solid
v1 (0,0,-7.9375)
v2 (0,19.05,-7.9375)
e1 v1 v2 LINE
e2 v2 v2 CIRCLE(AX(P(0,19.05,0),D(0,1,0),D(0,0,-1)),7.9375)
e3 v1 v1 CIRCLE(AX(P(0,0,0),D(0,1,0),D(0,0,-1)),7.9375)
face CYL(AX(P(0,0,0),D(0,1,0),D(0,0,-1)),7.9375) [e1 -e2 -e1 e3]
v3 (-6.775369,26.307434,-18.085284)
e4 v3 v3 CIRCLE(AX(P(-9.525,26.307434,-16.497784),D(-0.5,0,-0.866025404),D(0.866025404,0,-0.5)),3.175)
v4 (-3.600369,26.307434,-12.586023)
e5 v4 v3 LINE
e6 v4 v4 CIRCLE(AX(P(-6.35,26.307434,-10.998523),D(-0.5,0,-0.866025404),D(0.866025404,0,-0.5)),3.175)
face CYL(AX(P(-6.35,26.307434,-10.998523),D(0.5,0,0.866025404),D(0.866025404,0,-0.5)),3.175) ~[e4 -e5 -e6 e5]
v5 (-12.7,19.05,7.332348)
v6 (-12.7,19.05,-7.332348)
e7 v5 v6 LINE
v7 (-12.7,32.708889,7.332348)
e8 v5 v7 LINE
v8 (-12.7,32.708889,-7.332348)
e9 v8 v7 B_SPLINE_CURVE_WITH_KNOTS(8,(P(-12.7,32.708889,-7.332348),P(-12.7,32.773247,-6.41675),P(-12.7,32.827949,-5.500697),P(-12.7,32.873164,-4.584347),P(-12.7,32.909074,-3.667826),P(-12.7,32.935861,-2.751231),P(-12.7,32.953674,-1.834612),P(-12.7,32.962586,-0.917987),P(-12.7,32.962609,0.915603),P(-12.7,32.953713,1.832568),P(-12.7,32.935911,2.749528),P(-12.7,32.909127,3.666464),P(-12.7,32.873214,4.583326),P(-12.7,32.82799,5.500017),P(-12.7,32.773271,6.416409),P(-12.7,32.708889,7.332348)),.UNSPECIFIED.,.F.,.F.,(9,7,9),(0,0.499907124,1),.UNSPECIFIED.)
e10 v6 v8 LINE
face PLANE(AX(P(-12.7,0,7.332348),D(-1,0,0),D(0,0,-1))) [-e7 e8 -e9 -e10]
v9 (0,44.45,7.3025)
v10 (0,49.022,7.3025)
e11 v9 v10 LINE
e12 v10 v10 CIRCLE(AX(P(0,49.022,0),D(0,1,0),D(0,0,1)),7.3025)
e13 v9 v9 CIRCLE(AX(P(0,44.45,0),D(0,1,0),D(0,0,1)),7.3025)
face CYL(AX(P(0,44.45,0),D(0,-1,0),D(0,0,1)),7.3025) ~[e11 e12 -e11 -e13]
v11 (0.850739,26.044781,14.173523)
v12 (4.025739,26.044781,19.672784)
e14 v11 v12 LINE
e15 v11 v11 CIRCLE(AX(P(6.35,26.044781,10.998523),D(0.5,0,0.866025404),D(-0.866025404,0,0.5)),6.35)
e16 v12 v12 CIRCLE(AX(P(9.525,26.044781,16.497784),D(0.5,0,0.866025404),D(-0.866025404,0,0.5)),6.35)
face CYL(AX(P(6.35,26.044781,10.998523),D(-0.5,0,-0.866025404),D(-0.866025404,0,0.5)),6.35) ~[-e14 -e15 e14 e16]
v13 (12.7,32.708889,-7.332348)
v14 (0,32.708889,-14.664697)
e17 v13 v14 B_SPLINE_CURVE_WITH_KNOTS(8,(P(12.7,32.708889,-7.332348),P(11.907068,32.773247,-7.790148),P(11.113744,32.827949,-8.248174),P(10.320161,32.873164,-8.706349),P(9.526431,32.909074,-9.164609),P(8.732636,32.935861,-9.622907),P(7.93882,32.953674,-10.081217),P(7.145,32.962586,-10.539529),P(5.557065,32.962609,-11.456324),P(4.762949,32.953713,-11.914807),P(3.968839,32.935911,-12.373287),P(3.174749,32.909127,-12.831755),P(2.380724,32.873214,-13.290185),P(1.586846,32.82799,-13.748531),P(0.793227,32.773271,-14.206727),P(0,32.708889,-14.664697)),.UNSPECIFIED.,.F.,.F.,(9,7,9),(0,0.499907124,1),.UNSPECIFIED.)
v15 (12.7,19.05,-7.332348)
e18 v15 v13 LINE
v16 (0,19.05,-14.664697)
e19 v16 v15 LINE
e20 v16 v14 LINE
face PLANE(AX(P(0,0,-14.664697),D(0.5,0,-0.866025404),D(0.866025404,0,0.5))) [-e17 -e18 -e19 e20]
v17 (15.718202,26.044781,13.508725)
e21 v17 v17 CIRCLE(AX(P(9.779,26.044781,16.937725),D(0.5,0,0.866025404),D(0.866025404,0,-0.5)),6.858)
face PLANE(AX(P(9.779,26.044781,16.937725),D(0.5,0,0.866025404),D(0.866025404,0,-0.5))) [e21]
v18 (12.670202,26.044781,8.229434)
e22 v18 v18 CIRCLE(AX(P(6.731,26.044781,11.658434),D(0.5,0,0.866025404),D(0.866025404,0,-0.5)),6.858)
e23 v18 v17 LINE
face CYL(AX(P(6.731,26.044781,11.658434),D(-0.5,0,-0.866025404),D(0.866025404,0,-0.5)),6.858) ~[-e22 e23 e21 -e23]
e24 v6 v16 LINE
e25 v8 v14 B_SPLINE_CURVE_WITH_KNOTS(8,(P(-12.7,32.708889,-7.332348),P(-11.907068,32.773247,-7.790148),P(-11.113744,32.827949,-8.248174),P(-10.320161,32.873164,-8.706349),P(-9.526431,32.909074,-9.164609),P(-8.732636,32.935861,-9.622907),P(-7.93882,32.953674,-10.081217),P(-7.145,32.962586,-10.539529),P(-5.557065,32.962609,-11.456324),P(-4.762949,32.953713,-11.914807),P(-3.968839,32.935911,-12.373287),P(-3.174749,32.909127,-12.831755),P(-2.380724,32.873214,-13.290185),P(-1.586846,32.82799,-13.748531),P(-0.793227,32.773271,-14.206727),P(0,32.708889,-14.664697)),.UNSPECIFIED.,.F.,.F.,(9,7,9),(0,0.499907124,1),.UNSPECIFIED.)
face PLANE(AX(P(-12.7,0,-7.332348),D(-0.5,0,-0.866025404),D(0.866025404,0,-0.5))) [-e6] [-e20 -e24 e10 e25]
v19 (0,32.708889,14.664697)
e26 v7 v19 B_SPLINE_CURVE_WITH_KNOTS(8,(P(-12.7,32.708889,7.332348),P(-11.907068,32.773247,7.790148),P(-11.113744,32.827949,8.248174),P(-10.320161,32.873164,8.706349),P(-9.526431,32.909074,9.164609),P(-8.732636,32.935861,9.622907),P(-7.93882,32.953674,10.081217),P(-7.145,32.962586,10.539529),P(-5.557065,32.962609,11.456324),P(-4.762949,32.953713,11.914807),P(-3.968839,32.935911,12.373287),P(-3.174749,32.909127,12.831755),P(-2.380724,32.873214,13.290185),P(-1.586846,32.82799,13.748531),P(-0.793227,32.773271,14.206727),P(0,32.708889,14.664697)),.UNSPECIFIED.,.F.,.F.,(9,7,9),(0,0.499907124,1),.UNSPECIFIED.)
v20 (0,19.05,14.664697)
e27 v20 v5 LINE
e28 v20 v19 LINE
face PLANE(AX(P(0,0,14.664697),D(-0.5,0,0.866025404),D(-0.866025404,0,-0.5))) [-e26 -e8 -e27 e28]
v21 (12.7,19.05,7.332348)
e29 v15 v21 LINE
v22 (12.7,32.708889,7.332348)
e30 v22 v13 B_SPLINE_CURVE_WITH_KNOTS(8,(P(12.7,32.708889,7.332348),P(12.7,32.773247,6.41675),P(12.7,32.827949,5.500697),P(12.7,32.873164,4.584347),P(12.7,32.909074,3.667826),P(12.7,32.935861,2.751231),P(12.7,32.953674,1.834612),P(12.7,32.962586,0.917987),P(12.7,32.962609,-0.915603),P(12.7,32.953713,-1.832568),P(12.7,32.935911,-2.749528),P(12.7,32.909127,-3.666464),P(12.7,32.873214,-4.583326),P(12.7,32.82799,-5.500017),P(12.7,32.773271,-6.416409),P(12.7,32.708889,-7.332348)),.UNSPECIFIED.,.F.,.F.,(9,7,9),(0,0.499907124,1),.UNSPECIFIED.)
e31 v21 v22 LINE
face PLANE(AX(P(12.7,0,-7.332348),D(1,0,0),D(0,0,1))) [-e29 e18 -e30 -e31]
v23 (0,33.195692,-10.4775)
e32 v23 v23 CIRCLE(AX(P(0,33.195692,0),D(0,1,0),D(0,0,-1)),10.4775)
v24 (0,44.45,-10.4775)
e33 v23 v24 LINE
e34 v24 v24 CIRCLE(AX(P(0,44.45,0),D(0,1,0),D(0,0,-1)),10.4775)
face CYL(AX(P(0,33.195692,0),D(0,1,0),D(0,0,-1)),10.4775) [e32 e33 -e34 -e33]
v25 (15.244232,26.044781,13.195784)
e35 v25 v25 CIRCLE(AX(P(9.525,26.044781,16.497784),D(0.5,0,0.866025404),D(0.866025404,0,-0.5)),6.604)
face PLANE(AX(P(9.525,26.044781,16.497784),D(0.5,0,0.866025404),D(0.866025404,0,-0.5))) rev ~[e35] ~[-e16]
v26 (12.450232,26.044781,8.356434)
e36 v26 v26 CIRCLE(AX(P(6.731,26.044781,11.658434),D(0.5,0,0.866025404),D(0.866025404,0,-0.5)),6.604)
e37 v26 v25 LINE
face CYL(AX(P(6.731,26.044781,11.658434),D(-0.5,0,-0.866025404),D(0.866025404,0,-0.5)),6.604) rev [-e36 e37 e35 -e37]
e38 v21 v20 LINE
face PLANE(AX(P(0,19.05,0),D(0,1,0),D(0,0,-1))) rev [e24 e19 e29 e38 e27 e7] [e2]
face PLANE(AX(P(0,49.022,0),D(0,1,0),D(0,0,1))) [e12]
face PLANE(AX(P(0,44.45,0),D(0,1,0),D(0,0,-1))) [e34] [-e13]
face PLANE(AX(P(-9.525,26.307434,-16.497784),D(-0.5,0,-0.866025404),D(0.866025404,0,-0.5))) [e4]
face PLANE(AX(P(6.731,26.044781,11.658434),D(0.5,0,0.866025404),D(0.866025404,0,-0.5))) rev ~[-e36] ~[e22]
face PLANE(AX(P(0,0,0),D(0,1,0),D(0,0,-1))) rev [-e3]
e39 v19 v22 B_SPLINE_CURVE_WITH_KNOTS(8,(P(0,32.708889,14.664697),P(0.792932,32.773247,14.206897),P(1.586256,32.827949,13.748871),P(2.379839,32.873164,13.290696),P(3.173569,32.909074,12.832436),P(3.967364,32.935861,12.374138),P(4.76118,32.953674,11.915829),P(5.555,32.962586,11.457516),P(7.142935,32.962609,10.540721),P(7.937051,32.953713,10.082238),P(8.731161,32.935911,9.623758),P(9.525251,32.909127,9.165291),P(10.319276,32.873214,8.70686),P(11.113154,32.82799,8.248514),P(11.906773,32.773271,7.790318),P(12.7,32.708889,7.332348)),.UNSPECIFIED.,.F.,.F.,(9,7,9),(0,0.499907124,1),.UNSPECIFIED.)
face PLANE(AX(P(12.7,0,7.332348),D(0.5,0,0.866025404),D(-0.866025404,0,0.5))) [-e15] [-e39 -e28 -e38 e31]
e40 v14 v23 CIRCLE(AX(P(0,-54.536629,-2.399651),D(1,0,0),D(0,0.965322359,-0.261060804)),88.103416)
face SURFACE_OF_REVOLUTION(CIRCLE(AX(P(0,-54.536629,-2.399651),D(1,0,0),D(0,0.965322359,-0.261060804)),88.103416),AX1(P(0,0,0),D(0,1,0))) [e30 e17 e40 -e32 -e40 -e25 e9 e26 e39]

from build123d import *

# Parameters (mm, degrees)
SKETCH2_R                = 31.284897101
CUT_EXTRUDE2_DEPTH       = 58.150000089
SKETCH3_R                = 3.175
BOSS_EXTRUDE1_DEPTH      = 6.35
SKETCH4_R                = 6.35
BOSS_EXTRUDE3_DEPTH      = 6.35
BOSS_EXTRUDE4_DEPTH      = 0.508
BOSS_EXTRUDE4_DEPTH_BACK = 5.588
SKETCH5_R                = 6.858
SKETCH5_R_2              = 6.604
SKETCH5_3_R              = 6.604
BOSS_EXTRUDE5_DEPTH      = 0.508
SKETCH6_R                = 7.3025
BOSS_EXTRUDE6_DEPTH      = 4.572


with BuildPart() as part:
    # Sketch1 → Revolve1 (revolve)
    with BuildSketch(Plane(origin=(0, 0, 0), x_dir=(0, 0, -1), z_dir=(1, 0, 0))):
        with BuildLine():
            Line((10.4775, 33.195692203), (10.4775, 44.45))
            Line((10.4775, 44.45), (0, 44.45))
            Line((0, 44.45), (0, 0))
            Line((0, 0), (7.9375, 0))
            Line((7.9375, 0), (7.9375, 19.05))
            Line((7.9375, 19.05), (25.4, 19.05))
            Line((25.4, 19.05), (25.4, 30.511567858))
            ThreePointArc((25.4, 30.511567858), (17.996597132, 32.175233549), (10.4775, 33.195692203))
        make_face()
    revolve(axis=Axis((0, 0, 0), (0, 1, 0)))

    # Sketch2 → Cut-Extrude2 (cut, through all)
    with BuildSketch(Plane(origin=(0, 0, 0), x_dir=(1, 0, 0), z_dir=(0, 1, 0))):
        Circle(SKETCH2_R)
        Polygon((-12.7, 7.332348419), (0, 14.664696837), (12.7, 7.332348419), (12.7, -7.332348419), (0, -14.664696837), (-12.7, -7.332348419), align=None, mode=Mode.SUBTRACT)
    extrude(amount=CUT_EXTRUDE2_DEPTH, mode=Mode.SUBTRACT)

    # Sketch3 → Boss-Extrude1 (add)
    with BuildSketch(Plane(origin=(-6.35, 0, -10.998522628), x_dir=(-0.8660254037844386, 0, 0.5000000000000002), z_dir=(-0.5000000000000001, 0, -0.8660254037844385))):
        with Locations((0, 26.307433584)):
            Circle(SKETCH3_R)
    extrude(amount=BOSS_EXTRUDE1_DEPTH)

    # Sketch4 → Boss-Extrude3 (add)
    with BuildSketch(Plane(origin=(6.35, 0, 10.998522628), x_dir=(0.8660254037844406, 0, -0.49999999999999684), z_dir=(0.49999999999999684, 0, 0.8660254037844406))):
        with Locations((0, 26.044781418)):
            Circle(SKETCH4_R)
    extrude(amount=BOSS_EXTRUDE3_DEPTH)



with BuildPart() as body_2:
    # Sketch5 → Boss-Extrude4 (new, two sides: drawn at the far end of the back side and taken through both)
    with BuildSketch(Plane(origin=(9.525, 0, 16.497783942), x_dir=(0.8660254037844405, 0, -0.49999999999999695), z_dir=(0.4999999999999969, 0, 0.8660254037844404)).offset(-BOSS_EXTRUDE4_DEPTH_BACK)):
        with Locations((0, 26.044781418)):
            Circle(SKETCH5_R)
        with Locations((0, 26.044781418)):
            Circle(SKETCH5_R_2, mode=Mode.SUBTRACT)
    extrude(amount=BOSS_EXTRUDE4_DEPTH + BOSS_EXTRUDE4_DEPTH_BACK)


with BuildPart() as part_1:
    add(part.part)

    add(body_2.part)  # Boss-Extrude5 merges body 2
    # Sketch5<3> → Boss-Extrude5 (add)
    with BuildSketch(Plane(origin=(9.525, 0, 16.497783942), x_dir=(0.8660254037844405, 0, -0.49999999999999695), z_dir=(0.4999999999999969, 0, 0.8660254037844404))):
        with Locations((0, 26.044781418)):
            Circle(SKETCH5_3_R)
    extrude(amount=BOSS_EXTRUDE5_DEPTH)

    # Sketch6 → Boss-Extrude6 (add)
    with BuildSketch(Plane(origin=(0, 44.45, 0), x_dir=(1, 0, 0), z_dir=(0, 1, 0))):
        Circle(SKETCH6_R)
    extrude(amount=BOSS_EXTRUDE6_DEPTH)


solid = part_1.part
